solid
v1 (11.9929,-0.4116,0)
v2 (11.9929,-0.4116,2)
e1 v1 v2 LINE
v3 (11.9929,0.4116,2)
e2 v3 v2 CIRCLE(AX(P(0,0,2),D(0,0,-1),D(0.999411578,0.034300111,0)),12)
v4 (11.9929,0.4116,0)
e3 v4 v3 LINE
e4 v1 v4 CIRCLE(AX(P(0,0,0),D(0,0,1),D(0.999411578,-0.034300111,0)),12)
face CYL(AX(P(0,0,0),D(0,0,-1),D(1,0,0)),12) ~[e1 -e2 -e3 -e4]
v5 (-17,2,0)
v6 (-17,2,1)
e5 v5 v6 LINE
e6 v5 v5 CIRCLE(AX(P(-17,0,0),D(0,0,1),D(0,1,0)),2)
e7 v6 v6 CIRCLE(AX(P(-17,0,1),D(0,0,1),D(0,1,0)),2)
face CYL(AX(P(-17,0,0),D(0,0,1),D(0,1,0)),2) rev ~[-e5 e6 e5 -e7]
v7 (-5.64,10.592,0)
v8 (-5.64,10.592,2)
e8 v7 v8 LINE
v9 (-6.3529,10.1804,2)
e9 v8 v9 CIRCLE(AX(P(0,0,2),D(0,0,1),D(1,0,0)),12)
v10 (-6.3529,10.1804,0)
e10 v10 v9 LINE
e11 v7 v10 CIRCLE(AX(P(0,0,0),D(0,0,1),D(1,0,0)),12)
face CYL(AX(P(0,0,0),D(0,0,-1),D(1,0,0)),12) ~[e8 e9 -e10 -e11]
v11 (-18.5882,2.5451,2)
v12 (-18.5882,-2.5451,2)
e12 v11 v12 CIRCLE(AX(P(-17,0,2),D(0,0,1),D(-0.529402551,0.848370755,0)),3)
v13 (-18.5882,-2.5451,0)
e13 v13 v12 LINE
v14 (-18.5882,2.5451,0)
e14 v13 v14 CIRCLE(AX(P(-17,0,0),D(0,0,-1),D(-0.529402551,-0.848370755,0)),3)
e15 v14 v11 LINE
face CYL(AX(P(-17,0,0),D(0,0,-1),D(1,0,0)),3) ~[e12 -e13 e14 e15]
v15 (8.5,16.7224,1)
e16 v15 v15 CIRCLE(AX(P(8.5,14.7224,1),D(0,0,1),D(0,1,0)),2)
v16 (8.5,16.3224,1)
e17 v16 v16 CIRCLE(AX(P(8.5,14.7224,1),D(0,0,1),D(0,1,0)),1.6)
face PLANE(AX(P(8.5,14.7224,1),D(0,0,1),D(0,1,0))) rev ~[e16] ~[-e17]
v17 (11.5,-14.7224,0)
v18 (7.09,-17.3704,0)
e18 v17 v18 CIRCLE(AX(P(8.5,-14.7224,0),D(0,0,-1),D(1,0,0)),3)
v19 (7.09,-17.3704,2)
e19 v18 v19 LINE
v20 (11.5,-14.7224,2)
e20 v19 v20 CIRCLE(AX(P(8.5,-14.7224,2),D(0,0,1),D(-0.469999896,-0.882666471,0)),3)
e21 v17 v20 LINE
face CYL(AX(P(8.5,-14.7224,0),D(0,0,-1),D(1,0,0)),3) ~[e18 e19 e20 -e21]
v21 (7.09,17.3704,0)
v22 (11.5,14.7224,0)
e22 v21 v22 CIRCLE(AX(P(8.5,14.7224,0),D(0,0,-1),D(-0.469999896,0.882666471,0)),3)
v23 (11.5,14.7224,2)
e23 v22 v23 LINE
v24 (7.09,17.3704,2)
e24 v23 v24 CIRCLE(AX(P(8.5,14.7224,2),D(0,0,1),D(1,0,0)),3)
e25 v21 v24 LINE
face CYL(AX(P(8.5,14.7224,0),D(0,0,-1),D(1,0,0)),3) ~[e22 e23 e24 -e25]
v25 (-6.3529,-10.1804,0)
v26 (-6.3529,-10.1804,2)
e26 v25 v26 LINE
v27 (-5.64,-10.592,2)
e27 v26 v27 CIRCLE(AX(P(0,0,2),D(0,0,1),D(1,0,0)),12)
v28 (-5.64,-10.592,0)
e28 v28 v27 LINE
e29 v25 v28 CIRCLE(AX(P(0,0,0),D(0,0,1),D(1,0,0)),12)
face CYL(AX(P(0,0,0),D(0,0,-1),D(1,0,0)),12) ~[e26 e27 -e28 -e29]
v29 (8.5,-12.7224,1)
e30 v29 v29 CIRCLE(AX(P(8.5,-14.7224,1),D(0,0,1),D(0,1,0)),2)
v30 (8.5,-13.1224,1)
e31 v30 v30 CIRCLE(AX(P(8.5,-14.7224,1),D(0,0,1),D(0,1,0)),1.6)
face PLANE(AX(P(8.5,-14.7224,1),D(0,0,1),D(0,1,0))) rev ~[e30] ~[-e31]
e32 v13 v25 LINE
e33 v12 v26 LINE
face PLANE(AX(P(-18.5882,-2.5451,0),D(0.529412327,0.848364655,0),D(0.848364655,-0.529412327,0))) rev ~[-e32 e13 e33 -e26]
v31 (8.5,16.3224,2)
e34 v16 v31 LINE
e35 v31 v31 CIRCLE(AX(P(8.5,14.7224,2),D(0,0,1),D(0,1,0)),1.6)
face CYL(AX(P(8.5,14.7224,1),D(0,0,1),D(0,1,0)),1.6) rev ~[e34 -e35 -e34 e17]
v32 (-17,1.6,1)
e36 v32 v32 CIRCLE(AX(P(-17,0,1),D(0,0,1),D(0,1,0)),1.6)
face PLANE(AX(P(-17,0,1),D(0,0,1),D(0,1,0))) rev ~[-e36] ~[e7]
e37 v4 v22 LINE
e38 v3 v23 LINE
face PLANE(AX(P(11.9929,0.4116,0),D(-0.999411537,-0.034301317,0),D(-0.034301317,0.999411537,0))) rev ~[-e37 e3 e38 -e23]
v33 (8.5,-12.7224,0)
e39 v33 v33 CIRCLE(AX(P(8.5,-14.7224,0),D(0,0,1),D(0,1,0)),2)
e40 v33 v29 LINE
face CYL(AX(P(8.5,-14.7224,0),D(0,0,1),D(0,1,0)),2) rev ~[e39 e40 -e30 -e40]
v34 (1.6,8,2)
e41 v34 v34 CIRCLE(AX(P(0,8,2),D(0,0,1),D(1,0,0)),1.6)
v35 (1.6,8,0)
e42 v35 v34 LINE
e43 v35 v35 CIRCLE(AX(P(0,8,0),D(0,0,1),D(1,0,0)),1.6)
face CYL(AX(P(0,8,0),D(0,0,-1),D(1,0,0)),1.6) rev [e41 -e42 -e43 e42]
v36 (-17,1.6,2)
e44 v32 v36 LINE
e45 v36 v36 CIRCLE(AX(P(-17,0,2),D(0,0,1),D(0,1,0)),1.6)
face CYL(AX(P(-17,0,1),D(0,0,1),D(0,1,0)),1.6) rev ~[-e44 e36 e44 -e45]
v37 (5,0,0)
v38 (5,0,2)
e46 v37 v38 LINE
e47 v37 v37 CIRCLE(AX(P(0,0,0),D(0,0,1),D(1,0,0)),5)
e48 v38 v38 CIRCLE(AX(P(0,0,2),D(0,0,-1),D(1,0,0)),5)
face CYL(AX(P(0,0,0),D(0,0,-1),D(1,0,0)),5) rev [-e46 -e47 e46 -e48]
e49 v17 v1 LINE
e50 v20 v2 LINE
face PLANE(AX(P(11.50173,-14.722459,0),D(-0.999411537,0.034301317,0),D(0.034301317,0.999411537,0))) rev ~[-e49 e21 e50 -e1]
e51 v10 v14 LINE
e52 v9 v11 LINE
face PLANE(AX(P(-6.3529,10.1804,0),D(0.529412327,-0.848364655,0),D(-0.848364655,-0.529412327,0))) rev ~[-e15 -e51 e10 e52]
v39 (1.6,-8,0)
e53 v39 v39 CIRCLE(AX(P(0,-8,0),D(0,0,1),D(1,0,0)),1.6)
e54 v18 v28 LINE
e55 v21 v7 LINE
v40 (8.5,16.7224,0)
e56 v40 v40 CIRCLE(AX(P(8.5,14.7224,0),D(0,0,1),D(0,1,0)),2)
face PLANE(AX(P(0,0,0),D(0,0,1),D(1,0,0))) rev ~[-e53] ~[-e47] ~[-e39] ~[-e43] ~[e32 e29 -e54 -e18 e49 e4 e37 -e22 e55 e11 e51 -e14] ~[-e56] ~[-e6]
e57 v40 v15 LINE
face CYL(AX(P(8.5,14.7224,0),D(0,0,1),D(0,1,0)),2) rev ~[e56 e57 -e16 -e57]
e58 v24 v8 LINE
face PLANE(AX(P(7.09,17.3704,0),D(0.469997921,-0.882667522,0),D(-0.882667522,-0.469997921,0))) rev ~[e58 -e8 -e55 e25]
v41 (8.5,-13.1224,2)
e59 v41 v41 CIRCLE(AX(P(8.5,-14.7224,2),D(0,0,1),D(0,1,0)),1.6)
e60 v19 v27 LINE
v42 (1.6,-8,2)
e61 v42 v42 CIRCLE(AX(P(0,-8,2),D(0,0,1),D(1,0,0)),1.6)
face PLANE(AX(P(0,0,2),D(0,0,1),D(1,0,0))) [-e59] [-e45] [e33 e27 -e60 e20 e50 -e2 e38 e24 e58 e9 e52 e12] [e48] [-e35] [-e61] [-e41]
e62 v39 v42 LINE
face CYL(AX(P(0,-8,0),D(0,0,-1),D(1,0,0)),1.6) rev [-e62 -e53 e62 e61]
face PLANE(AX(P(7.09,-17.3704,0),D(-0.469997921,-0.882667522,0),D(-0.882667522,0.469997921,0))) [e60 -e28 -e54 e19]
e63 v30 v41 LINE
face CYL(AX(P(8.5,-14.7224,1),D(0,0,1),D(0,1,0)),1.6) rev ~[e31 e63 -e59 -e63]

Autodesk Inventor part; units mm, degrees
ref_plane "YZ Plane" through (0, 0, 0) normal (1, 0, 0) x (0, 1, 0)
ref_plane "XZ Plane" through (0, 0, 0) normal (0, 1, 0) x (-1, 0, 0)
ref_plane "XY Plane" through (0, 0, 0) normal (0, 0, 1) x (1, 0, 0)
sketch "スケッチ1" plane through (0, 0, 0) normal (0, 0, 1) x (1, 0, 0)
  circle A0 centre (0, 0) radius 1.5 construction
  circle A1 centre (0, 8) radius 1.6
  circle A2 centre (0, 0) radius 8 construction
  circle A3 centre (0, -8) radius 1.6
  circle A4 centre (0, 0) radius 5
  circle A5 centre (0, 0) radius 14 construction
  circle A6 centre (-17, 0) radius 3
  circle A7 centre (8.5, 14.7224) radius 3
  circle A8 centre (8.5, -14.7224) radius 3
  circle A9 centre (0, 0) radius 12
  line L0 (11.4982, -14.8253) -> (11.9929, -0.4116)
  line L1 (11.9929, 0.4116) -> (11.4982, 14.8253)
  line L2 (-69.266, 0) -> (45.3789, 0) construction
  line L3 (34.633, -59.9861) -> (-22.6894, 39.2993) construction
  line L4 (34.633, 59.9861) -> (-22.6894, -39.2993) construction
  line L5 (7.09, 17.3704) -> (-5.64, 10.592)
  line L6 (-6.3529, 10.1804) -> (-18.5882, 2.5451)
  line L7 (-18.5882, -2.5451) -> (-6.3529, -10.1804)
  line L8 (7.09, -17.3704) -> (-5.64, -10.592)
  line L9 (-92.195, 0) -> (68.3079, 0) projected
  point P0 (5.868, 16.1622)
  point P1 (11.4335, -15.3506)
  point P2 (-14.8215, -2.0626)
  point P3 (-16.5273, -2.9625)
  point P4 (8.5, -14.7224)
  point P5 (8.5, 14.7224)
  point P6 (6.25, 10.8253)
  point P7 (6.25, -10.8253)
  dimension "d6" = 16
  dimension "d0" = 3
  dimension "d1" = 3.2
  dimension "d4" = 360
  dimension "d7" = 10
  dimension "d8" = 28
  dimension "d11" = 24
  dimension "d12" = 6
  dimension "d15" = 360
extrude "押し出し1" add sketch "スケッチ1" along normal blind 2 contours L9 A9 A4 | A4 L9 A9 | L9 A6 L6 A9 | A9 L7 A6 L9 | A9 L5 A7 L1 | L0 A8 L8 A9 | L9 A6 | A6 L9 | A7 | A8
hole "穴1" at (8.5, 14.7224, 0) at (-17, 0, 0) at (8.5, -14.7224, 0) direction (0, 0, 1) diameter 3.2 end through all counterbore diameter 4 counterbore depth 1
properties part number "BLDC_mount"
